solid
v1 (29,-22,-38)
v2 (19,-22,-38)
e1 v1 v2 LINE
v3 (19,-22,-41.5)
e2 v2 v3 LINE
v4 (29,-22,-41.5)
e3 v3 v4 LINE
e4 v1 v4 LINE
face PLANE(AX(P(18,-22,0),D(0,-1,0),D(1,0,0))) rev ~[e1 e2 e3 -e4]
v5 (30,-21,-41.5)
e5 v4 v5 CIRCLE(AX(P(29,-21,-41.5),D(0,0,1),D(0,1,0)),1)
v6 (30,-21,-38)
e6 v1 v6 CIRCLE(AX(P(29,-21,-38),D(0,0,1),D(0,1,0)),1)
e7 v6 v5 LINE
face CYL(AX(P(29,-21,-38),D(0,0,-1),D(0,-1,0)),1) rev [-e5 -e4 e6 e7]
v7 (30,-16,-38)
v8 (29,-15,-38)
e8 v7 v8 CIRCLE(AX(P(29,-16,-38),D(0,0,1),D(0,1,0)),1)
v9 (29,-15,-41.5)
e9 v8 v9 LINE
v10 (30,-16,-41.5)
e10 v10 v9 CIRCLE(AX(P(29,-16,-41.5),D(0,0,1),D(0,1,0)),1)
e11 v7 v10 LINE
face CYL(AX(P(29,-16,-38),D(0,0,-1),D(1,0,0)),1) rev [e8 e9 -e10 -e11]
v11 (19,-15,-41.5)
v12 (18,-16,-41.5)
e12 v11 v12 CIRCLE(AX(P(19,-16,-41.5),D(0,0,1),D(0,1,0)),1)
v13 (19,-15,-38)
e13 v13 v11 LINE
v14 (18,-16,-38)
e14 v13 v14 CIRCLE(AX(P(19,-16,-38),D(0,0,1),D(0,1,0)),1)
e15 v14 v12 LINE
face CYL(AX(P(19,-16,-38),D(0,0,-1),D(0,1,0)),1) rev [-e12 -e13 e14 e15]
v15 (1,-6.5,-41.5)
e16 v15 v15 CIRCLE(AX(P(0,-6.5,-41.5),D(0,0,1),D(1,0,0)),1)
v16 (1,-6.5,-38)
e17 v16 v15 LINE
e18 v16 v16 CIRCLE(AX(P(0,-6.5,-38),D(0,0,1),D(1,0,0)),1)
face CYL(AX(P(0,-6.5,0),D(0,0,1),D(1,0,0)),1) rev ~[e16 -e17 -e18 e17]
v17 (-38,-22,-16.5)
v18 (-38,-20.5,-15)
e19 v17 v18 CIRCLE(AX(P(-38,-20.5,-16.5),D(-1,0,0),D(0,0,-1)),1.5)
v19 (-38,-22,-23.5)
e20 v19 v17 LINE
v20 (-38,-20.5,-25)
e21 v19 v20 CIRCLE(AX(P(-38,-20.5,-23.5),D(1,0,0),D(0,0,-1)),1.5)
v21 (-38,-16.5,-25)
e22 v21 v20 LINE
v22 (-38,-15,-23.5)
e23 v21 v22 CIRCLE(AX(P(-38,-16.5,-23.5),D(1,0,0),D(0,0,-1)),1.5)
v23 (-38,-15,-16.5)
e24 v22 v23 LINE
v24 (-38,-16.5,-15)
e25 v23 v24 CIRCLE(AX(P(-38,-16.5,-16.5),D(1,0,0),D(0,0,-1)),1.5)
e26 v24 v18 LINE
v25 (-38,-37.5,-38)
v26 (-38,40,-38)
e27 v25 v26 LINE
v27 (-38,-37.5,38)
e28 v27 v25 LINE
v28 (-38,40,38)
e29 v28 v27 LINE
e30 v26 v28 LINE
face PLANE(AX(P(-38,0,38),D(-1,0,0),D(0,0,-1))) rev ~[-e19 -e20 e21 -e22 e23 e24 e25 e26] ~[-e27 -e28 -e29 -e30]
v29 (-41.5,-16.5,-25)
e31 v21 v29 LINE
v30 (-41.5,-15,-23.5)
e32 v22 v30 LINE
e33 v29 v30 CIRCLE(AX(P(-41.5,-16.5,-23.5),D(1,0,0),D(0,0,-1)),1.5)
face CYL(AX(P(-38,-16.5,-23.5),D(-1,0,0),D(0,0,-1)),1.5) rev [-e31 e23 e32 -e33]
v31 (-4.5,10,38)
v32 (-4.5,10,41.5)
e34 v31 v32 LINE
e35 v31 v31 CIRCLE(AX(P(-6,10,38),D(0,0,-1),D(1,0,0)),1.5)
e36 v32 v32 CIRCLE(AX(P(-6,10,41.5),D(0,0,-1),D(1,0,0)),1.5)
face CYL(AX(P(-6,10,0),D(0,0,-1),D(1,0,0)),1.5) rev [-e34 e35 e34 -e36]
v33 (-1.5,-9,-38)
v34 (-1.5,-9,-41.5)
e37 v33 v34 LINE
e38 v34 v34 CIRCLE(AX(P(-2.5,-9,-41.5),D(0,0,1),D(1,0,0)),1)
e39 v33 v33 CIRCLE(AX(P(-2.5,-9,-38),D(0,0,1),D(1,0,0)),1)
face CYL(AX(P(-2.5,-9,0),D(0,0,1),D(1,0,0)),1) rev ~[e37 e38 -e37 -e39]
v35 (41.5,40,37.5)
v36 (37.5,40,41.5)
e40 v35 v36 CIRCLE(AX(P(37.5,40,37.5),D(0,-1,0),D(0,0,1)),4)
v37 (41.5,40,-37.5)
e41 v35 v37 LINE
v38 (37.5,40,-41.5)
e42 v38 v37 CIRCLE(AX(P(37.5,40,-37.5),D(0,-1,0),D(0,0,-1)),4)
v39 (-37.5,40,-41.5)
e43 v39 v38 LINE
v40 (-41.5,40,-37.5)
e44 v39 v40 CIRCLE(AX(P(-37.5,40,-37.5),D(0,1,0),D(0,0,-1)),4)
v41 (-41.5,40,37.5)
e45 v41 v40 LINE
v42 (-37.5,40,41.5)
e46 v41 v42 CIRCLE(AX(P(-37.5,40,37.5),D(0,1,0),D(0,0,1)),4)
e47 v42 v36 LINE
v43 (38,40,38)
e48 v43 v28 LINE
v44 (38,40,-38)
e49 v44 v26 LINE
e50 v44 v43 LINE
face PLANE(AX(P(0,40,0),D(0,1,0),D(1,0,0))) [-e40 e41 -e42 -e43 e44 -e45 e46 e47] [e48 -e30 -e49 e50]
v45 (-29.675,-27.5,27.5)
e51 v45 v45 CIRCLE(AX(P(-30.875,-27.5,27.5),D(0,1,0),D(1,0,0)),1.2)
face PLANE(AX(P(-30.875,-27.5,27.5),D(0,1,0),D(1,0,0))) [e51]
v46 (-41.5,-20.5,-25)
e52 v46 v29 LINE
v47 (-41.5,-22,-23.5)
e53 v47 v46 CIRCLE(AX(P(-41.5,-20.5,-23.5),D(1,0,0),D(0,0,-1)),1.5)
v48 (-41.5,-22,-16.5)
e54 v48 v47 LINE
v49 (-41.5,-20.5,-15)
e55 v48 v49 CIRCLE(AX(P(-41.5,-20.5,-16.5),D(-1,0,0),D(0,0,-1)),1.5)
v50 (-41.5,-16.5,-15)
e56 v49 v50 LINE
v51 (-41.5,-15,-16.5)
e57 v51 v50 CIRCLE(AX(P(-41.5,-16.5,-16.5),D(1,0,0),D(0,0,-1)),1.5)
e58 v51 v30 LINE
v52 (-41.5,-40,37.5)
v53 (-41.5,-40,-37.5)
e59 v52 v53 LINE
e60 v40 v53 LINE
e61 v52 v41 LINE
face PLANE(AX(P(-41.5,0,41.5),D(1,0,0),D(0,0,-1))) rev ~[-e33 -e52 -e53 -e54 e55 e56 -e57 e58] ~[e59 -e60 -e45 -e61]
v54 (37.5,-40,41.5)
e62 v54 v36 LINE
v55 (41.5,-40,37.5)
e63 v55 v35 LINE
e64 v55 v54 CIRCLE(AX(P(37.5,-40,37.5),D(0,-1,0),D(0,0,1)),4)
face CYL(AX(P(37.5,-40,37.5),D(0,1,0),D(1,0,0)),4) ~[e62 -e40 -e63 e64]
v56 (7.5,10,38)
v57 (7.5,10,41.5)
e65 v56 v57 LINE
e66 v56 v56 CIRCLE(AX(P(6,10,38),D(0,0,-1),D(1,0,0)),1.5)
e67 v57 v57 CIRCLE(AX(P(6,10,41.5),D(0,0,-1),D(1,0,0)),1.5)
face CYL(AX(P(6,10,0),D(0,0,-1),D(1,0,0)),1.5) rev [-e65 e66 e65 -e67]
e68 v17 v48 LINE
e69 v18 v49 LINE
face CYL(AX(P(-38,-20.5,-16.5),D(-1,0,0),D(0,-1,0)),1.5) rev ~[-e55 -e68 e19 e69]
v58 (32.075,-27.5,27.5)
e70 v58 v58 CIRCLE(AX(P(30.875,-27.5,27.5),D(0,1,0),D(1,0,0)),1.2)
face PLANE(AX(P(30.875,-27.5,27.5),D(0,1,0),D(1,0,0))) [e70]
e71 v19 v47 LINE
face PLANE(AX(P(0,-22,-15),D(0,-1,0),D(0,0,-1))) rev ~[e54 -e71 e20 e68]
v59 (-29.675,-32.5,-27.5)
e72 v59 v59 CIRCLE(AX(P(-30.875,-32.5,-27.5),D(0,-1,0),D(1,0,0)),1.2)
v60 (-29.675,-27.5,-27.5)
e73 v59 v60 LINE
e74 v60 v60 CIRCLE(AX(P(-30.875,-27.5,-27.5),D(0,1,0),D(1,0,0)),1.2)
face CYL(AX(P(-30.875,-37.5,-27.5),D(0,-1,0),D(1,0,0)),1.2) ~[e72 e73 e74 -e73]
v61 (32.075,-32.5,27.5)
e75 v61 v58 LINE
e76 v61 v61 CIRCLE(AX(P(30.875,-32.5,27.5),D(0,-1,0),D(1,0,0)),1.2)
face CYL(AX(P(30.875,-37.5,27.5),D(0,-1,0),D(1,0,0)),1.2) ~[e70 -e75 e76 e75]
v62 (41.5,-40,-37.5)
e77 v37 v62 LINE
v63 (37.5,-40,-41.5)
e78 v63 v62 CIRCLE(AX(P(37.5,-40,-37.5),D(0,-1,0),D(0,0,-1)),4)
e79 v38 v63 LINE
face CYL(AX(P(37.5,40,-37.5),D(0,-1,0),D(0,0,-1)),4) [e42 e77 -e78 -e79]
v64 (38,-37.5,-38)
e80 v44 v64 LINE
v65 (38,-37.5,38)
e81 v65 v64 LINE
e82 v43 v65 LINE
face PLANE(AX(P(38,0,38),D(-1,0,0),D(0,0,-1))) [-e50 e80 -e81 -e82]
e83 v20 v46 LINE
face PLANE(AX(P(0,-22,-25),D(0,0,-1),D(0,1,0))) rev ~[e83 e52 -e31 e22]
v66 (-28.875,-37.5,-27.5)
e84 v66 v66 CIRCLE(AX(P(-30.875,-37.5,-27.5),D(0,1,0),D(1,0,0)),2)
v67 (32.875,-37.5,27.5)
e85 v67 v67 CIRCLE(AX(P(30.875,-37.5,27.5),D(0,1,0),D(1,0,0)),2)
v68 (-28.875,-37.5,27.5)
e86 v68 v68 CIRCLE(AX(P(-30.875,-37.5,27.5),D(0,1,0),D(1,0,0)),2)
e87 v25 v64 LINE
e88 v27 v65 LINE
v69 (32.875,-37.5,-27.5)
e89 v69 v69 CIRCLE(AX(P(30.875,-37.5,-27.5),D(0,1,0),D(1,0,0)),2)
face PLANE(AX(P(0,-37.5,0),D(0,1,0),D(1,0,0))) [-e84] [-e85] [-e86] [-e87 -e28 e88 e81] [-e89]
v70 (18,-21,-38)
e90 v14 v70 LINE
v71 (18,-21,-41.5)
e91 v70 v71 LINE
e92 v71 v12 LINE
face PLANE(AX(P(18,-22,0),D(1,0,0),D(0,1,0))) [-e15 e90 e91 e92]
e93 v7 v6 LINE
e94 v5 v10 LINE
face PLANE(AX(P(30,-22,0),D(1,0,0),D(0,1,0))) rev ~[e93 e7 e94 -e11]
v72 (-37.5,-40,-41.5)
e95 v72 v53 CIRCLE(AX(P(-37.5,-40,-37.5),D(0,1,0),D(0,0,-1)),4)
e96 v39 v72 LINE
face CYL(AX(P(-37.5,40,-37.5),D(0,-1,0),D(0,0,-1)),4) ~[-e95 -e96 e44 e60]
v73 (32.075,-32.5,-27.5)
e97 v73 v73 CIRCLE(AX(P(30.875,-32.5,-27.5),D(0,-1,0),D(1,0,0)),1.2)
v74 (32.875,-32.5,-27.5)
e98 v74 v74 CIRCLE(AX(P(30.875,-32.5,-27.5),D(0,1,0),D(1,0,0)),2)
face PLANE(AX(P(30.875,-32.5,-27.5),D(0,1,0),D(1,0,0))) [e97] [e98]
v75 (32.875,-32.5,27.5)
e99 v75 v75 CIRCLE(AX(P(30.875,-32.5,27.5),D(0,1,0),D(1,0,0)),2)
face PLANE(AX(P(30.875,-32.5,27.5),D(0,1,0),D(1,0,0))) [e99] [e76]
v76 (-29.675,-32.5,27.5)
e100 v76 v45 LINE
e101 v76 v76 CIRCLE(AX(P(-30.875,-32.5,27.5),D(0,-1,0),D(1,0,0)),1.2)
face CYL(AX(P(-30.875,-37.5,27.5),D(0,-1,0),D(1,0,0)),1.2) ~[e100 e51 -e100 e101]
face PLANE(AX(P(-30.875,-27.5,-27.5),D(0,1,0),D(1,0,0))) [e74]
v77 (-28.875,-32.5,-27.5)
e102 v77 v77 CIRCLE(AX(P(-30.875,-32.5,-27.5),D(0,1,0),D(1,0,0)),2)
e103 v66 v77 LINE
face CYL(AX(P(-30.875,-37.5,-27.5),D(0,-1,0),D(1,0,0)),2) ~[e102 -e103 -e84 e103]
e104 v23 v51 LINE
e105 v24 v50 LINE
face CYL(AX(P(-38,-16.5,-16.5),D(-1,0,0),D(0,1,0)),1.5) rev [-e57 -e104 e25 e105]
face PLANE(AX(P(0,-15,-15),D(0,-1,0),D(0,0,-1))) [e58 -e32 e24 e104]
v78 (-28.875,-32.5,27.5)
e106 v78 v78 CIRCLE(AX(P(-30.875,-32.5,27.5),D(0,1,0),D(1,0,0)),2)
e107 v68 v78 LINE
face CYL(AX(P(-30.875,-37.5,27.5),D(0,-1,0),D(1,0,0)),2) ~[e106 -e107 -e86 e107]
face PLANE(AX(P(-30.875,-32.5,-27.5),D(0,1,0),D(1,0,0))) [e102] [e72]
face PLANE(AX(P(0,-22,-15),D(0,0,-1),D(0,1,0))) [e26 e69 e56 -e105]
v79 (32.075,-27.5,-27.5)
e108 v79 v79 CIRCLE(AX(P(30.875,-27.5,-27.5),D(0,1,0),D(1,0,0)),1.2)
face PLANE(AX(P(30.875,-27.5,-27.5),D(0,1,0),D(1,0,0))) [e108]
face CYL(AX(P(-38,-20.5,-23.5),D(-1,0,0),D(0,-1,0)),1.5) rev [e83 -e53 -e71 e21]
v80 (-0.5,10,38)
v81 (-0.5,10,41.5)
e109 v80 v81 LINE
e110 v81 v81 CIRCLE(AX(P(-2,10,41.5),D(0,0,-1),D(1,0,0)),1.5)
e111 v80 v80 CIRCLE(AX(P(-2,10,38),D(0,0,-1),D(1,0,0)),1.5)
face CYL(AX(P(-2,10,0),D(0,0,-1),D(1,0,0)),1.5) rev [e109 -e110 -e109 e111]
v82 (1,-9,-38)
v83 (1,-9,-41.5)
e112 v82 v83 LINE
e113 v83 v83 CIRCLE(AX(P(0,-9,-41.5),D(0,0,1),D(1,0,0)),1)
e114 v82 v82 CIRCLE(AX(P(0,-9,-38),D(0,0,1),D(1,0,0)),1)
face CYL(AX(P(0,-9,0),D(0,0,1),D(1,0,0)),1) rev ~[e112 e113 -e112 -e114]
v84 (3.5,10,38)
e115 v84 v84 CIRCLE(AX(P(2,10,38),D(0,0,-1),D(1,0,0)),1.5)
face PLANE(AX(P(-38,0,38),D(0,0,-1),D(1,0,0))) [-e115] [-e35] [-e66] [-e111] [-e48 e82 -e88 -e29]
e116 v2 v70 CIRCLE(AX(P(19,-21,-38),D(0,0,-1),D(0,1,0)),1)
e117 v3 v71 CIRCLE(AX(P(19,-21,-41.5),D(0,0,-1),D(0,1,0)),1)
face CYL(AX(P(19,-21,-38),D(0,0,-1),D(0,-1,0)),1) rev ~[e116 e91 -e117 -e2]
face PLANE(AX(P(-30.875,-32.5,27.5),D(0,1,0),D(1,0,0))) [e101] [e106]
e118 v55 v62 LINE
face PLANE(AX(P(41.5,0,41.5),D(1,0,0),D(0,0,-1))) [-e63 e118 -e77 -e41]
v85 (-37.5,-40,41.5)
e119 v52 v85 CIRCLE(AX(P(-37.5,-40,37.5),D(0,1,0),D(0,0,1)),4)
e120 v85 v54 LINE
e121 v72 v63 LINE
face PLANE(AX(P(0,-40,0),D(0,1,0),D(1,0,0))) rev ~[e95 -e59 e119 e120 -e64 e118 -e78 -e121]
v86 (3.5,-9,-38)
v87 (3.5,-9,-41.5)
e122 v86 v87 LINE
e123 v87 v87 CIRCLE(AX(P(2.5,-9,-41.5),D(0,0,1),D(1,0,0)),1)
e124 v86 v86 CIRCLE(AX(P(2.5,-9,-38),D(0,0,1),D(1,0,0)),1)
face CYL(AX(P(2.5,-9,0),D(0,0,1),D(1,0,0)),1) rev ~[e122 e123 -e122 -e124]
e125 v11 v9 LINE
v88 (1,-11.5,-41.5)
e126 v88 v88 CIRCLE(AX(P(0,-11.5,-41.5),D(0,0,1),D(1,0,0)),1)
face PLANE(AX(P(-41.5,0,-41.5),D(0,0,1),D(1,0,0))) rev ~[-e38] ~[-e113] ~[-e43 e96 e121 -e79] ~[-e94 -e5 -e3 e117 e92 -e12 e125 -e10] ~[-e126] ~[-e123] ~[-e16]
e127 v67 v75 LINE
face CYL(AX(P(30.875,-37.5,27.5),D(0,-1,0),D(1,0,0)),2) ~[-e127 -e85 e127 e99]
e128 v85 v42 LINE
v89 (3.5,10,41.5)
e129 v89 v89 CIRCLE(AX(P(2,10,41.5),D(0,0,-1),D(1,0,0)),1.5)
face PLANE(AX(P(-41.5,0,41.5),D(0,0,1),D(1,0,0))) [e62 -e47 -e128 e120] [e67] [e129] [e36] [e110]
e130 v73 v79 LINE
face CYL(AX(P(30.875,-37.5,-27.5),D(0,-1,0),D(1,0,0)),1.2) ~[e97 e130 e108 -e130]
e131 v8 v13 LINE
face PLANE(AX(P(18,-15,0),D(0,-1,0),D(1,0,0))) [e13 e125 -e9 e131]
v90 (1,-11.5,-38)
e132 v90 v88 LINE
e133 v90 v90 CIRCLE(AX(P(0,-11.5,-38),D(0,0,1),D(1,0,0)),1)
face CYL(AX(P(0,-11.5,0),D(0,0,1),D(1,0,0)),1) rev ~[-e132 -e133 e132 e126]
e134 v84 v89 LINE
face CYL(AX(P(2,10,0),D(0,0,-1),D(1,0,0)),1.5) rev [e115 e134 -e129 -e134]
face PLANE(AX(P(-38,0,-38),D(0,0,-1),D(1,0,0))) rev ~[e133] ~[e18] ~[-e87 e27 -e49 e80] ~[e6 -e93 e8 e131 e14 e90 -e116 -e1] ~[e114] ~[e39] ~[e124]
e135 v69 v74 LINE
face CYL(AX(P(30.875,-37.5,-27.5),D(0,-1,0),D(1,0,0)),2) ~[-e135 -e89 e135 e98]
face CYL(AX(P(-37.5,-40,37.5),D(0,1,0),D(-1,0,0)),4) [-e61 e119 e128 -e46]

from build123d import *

# Parameters (mm, degrees)
BOSS_EXTRUDE2_DEPTH      = 40
BOSS_EXTRUDE2_DEPTH_BACK = 40
SKETCH4_W                = 83
SKETCH4_H                = 83
CUT_EXTRUDE1_DEPTH       = 50
CUT_EXTRUDE1_DEPTH_BACK  = 37.5
SKETCH5_W                = 76
SKETCH5_H                = 76
CUT_EXTRUDE2_DEPTH       = 74.5
CUT_EXTRUDE2_DEPTH_BACK  = 5
SKETCH6_R                = 1.5
SKETCH8_R                = 1
CUT_EXTRUDE3_DEPTH       = 70.5
SKETCH9_W                = 12
SKETCH9_H                = 7
CUT_EXTRUDE4_DEPTH       = 108.5
FILLET2_R                = 1
FILLET3_R                = 4
SKETCH10_W               = 10
SKETCH10_H               = 7
CUT_EXTRUDE5_DEPTH       = 83
FILLET4_R                = 1.5
SKETCH11_R               = 2
BOSS_EXTRUDE4_DEPTH      = 5
SKETCH12_R               = 1.2
BOSS_EXTRUDE5_DEPTH      = 10


with BuildPart() as part:
    # Sketch4 → Boss-Extrude2 (new, two sides: drawn at the far end of the back side and taken through both)
    with BuildSketch(Plane(origin=(0, 0, 0), x_dir=(1, 0, 0), z_dir=(0, 1, 0)).offset(-BOSS_EXTRUDE2_DEPTH_BACK)):
        Rectangle(SKETCH4_W, SKETCH4_H)
    extrude(amount=BOSS_EXTRUDE2_DEPTH + BOSS_EXTRUDE2_DEPTH_BACK)

    # Sketch5 → Cut-Extrude1 (cut, two sides: drawn at the far end of the back side and taken through both)
    with BuildSketch(Plane(origin=(0, 0, 0), x_dir=(1, 0, 0), z_dir=(0, 1, 0)).offset(-CUT_EXTRUDE1_DEPTH_BACK)):
        Rectangle(SKETCH5_W, SKETCH5_H)
    extrude(amount=CUT_EXTRUDE1_DEPTH + CUT_EXTRUDE1_DEPTH_BACK, mode=Mode.SUBTRACT)

    # Sketch6 → Cut-Extrude2 (cut, two sides: drawn at the far end of the back side and taken through both)
    with BuildSketch(Plane.XY.offset(-CUT_EXTRUDE2_DEPTH_BACK)):
        with Locations((2, 10)):
            Circle(SKETCH6_R)
        with Locations((6, 10)):
            Circle(SKETCH6_R)
        with Locations((-2, 10)):
            Circle(SKETCH6_R)
        with Locations((-6, 10)):
            Circle(SKETCH6_R)
    extrude(amount=CUT_EXTRUDE2_DEPTH + CUT_EXTRUDE2_DEPTH_BACK, mode=Mode.SUBTRACT)

    # Sketch8 → Cut-Extrude3 (cut)
    with BuildSketch(Plane.XY):
        with Locations((0, -9)):
            Circle(SKETCH8_R)
        with Locations((2.5, -9)):
            Circle(SKETCH8_R)
        with Locations((0, -6.5)):
            Circle(SKETCH8_R)
        with Locations((-2.5, -9)):
            Circle(SKETCH8_R)
        with Locations((0, -11.5)):
            Circle(SKETCH8_R)
    extrude(amount=-CUT_EXTRUDE3_DEPTH, mode=Mode.SUBTRACT)

    # Sketch9 → Cut-Extrude4 (cut)
    with BuildSketch(Plane.XY):
        with Locations((24, -18.5)):
            Rectangle(SKETCH9_W, SKETCH9_H)
    extrude(amount=-CUT_EXTRUDE4_DEPTH, mode=Mode.SUBTRACT)

    # Fillet2
    fillet2_edges = [part.edges().sort_by_distance(p)[0] for p in [
        (18, -22, -39.75),
        (30, -22, -39.75),
        (18, -15, -39.75),
        (30, -15, -39.75),
    ]]
    fillet(fillet2_edges, radius=FILLET2_R)

    # Fillet3
    fillet3_edges = [part.edges().sort_by_distance(p)[0] for p in [
        (-41.5, 0, 41.5),
        (41.5, 0, -41.5),
        (41.5, 0, 41.5),
        (-41.5, 0, -41.5),
    ]]
    fillet(fillet3_edges, radius=FILLET3_R)

    # Sketch10 → Cut-Extrude5 (cut)
    with BuildSketch(Plane(origin=(0, 0, 0), x_dir=(0, 0, -1), z_dir=(1, 0, 0))):
        with Locations((20, -18.5)):
            Rectangle(SKETCH10_W, SKETCH10_H)
    extrude(amount=-CUT_EXTRUDE5_DEPTH, mode=Mode.SUBTRACT)

    # Fillet4
    fillet4_edges = [part.edges().sort_by_distance(p)[0] for p in [
        (-39.75, -22, -15),
        (-39.75, -22, -25),
        (-39.75, -15, -15),
        (-39.75, -15, -25),
    ]]
    fillet(fillet4_edges, radius=FILLET4_R)

    # Sketch11 → Boss-Extrude4 (add)
    with BuildSketch(Plane(origin=(0, -37.5, 0), x_dir=(1, 0, 0), z_dir=(0, 1, 0))):
        with Locations((30.875, 27.5)):
            Circle(SKETCH11_R)
        with Locations((-30.875, 27.5)):
            Circle(SKETCH11_R)
        with Locations((-30.875, -27.5)):
            Circle(SKETCH11_R)
        with Locations((30.875, -27.5)):
            Circle(SKETCH11_R)
    extrude(amount=BOSS_EXTRUDE4_DEPTH)

    # Sketch12 → Boss-Extrude5 (add)
    with BuildSketch(Plane(origin=(0, -37.5, 0), x_dir=(1, 0, 0), z_dir=(0, 1, 0))):
        with Locations((-30.875, 27.5)):
            Circle(SKETCH12_R)
        with Locations((30.875, 27.5)):
            Circle(SKETCH12_R)
        with Locations((-30.875, -27.5)):
            Circle(SKETCH12_R)
        with Locations((30.875, -27.5)):
            Circle(SKETCH12_R)
    extrude(amount=BOSS_EXTRUDE5_DEPTH)


solid = part.part
